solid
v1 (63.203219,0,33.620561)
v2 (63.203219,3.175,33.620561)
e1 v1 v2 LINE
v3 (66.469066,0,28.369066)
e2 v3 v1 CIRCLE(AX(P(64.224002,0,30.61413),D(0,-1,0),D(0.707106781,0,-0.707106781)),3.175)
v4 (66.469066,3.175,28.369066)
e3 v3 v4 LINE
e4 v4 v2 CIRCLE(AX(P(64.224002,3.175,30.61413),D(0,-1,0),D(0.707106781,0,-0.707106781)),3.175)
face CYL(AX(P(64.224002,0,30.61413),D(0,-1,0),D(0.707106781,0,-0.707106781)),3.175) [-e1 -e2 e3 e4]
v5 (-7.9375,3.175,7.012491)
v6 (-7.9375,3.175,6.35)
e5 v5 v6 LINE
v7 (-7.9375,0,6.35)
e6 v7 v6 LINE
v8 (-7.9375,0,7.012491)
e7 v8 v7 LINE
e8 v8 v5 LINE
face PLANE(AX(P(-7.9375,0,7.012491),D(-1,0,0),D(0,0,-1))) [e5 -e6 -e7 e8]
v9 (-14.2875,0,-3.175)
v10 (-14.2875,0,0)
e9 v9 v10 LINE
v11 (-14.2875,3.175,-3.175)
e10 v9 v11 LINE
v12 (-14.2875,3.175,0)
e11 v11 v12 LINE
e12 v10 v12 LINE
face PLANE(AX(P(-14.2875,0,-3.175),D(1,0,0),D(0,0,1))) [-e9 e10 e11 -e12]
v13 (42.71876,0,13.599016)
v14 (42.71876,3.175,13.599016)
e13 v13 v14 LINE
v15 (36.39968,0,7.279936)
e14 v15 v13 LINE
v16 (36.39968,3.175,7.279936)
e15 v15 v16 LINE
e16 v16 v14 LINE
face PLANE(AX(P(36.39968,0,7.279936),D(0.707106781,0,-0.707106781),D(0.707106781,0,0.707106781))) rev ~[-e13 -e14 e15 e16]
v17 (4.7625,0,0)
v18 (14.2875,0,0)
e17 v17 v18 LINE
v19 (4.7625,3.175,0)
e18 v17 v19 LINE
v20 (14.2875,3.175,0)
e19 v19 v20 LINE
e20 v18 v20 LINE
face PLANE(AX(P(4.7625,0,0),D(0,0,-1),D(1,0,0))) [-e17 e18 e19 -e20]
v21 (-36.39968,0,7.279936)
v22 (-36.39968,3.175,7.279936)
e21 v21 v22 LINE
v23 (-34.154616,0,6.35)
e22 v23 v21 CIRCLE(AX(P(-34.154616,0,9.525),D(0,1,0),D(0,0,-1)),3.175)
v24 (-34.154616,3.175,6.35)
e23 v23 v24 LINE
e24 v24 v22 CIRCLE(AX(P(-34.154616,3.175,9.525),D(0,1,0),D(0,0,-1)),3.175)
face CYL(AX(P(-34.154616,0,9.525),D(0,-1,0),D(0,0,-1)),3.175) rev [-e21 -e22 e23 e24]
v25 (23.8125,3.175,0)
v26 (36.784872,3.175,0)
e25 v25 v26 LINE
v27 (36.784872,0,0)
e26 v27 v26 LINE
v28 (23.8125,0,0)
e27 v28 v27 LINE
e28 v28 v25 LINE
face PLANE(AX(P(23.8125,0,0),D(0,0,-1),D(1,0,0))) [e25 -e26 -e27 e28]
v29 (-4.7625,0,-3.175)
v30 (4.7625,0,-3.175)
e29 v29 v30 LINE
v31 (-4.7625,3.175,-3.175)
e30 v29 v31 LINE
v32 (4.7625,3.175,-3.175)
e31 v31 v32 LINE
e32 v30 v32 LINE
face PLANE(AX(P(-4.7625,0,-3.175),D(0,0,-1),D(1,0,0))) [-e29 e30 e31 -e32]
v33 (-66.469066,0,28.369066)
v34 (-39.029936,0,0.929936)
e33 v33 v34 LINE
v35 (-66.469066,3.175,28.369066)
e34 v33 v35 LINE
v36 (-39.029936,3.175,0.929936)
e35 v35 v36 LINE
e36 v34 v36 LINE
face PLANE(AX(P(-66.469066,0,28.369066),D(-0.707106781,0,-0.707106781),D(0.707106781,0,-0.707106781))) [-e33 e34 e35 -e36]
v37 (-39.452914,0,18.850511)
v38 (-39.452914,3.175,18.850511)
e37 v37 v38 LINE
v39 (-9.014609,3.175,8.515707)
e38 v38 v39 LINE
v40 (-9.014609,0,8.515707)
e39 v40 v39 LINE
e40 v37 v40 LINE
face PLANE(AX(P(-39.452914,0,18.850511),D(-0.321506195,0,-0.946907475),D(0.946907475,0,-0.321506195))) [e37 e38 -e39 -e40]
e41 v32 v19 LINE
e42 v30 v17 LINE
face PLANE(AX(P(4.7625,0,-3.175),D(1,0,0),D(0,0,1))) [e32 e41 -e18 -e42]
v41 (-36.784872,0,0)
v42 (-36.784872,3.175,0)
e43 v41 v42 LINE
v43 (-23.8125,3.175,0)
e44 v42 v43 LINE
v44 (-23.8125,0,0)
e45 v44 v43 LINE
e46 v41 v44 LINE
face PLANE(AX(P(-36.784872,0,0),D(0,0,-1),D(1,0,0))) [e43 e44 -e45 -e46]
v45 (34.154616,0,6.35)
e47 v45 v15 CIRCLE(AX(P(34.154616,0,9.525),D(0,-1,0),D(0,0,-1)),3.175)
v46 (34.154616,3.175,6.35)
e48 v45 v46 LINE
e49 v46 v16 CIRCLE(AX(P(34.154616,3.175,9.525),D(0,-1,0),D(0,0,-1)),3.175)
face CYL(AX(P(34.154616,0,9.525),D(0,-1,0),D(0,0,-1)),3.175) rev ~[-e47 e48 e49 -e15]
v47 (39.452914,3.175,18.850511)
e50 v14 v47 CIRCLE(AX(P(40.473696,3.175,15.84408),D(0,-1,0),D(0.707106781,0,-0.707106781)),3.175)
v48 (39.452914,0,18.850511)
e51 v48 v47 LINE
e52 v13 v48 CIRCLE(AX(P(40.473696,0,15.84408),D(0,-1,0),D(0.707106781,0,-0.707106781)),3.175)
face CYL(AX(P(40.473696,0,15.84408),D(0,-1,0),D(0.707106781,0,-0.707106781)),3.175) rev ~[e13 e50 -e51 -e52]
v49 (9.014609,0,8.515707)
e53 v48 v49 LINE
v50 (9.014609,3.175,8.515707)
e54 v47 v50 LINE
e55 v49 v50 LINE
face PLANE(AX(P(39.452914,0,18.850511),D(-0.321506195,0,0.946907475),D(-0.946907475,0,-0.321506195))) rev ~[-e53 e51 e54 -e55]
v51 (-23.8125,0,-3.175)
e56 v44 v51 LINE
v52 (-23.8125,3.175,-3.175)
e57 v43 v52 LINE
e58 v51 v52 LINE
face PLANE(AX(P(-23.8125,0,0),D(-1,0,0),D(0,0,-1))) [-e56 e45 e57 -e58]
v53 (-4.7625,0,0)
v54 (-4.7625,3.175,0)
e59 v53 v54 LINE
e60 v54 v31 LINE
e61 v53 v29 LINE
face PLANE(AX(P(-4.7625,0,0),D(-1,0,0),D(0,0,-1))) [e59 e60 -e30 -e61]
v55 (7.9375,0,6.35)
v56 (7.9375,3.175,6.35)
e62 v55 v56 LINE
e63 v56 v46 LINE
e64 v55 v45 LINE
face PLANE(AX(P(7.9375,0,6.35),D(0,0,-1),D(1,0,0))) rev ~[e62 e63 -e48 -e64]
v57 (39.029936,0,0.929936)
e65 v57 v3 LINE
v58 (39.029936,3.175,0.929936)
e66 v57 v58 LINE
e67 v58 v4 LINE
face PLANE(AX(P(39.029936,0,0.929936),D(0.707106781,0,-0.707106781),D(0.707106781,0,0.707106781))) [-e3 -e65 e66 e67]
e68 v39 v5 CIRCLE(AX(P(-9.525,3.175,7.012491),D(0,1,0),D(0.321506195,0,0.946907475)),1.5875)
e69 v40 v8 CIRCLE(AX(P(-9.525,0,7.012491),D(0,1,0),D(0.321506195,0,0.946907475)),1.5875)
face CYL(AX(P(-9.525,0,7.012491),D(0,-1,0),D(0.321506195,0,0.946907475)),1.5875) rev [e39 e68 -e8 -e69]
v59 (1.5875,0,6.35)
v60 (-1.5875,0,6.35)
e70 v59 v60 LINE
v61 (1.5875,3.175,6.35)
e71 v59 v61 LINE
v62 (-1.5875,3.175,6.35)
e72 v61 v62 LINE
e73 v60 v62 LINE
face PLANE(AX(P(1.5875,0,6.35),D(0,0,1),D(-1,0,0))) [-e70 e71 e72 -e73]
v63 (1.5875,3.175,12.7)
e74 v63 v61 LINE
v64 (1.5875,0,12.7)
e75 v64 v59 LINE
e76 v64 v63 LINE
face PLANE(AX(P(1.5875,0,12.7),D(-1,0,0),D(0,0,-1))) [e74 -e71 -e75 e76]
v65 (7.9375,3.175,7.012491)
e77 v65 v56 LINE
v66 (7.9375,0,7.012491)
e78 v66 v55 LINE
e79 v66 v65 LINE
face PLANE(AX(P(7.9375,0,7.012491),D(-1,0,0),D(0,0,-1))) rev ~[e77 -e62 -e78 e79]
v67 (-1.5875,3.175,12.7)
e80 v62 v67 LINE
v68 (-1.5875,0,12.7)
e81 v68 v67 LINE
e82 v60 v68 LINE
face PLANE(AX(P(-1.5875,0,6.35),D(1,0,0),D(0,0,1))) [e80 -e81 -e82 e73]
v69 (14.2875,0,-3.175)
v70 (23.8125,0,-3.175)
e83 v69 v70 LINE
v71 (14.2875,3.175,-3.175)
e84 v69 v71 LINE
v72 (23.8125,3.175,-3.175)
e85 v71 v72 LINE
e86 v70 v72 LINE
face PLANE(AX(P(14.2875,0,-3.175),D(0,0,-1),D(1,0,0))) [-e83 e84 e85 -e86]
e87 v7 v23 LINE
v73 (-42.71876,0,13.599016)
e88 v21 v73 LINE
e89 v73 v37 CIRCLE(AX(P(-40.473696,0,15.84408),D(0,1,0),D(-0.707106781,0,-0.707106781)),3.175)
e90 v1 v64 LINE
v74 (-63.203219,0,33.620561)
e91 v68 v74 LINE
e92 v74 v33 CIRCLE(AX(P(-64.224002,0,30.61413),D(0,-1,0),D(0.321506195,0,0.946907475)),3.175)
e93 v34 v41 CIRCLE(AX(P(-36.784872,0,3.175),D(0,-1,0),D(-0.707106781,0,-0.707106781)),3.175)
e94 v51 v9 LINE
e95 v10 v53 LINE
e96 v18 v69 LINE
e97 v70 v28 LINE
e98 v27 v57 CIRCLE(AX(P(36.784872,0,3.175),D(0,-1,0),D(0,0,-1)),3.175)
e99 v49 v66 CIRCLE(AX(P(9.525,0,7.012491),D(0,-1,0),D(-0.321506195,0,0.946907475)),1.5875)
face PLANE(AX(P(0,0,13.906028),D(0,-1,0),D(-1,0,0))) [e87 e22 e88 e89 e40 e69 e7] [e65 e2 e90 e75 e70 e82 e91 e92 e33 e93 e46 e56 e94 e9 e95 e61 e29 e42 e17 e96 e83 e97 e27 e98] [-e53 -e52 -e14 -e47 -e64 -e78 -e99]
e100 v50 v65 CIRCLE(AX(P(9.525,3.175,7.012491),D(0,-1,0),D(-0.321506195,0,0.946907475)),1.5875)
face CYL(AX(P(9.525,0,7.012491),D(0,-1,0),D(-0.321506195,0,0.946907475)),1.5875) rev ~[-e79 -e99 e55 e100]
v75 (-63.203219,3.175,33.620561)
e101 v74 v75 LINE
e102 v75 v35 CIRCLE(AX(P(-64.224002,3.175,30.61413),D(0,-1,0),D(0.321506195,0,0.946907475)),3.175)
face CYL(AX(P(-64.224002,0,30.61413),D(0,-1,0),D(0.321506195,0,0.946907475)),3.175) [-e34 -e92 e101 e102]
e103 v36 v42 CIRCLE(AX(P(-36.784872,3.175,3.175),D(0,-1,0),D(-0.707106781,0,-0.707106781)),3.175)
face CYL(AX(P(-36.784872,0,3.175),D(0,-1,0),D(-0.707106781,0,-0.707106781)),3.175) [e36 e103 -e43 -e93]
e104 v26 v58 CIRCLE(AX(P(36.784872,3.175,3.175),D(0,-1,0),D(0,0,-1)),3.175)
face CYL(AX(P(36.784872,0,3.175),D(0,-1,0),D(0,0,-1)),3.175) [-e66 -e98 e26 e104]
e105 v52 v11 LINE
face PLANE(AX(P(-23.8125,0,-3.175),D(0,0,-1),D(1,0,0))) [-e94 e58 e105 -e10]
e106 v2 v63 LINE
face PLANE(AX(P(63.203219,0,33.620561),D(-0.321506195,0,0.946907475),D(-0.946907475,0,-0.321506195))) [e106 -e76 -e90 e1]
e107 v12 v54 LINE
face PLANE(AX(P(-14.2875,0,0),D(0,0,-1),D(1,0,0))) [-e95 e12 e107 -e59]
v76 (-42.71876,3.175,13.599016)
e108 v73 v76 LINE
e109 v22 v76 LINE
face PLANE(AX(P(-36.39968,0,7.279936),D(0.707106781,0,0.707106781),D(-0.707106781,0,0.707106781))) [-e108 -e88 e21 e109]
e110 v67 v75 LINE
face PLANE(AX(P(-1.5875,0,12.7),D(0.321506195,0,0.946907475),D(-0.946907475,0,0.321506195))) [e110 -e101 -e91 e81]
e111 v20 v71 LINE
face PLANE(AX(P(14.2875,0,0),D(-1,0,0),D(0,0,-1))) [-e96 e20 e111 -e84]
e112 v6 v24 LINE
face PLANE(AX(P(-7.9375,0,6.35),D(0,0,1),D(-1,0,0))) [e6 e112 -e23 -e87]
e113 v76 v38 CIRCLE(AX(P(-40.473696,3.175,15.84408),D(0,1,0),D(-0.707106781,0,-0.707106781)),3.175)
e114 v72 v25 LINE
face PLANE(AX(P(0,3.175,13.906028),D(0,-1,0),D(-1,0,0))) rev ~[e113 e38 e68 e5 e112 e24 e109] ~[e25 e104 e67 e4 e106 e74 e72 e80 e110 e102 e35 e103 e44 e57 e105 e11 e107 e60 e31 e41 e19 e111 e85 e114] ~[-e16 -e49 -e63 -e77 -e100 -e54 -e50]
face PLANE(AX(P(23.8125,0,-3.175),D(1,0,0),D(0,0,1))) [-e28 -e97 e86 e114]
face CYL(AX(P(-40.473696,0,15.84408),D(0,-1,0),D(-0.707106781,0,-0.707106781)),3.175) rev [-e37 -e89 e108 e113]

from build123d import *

# Parameters (mm, degrees)
BOSS_EXTRUDE1_DEPTH = 3.175


with BuildPart() as part:
    # Sketch1 → Boss-Extrude1 (new body)
    with BuildSketch(Plane(origin=(0, 0, 0), x_dir=(1, 0, 0), z_dir=(0, 1, 0))):
        with BuildLine():
            Line((-36.784871939, 0), (-23.8125, 0))
            Line((-23.8125, 0), (-23.8125, 3.175))
            Line((-23.8125, 3.175), (-14.2875, 3.175))
            Line((-14.2875, 3.175), (-14.2875, 0))
            Line((-14.2875, 0), (-4.7625, 0))
            Line((-4.7625, 0), (-4.7625, 3.175))
            Line((-4.7625, 3.175), (4.7625, 3.175))
            Line((4.7625, 3.175), (4.7625, 0))
            Line((4.7625, 0), (14.2875, 0))
            Line((14.2875, 0), (14.2875, 3.175))
            Line((14.2875, 3.175), (23.8125, 3.175))
            Line((23.8125, 3.175), (23.8125, 0))
            Line((23.8125, 0), (36.784871939, 0))
            ThreePointArc((36.784871939, 0), (37.999891837, -0.241682484), (39.02993597, -0.92993597))
            Line((39.02993597, -0.92993597), (66.469065694, -28.369065694))
            ThreePointArc((66.469065694, -28.369065694), (66.920159512, -32.290840151), (63.203219493, -33.620560958))
            Line((63.203219493, -33.620560958), (1.5875, -12.7))
            Line((1.5875, -12.7), (1.5875, -6.35))
            Line((1.5875, -6.35), (-1.5875, -6.35))
            Line((-1.5875, -6.35), (-1.5875, -12.7))
            Line((-1.5875, -12.7), (-63.203219493, -33.620560958))
            ThreePointArc((-63.203219493, -33.620560958), (-66.920159512, -32.290840151), (-66.469065694, -28.369065694))
            Line((-66.469065694, -28.369065694), (-39.02993597, -0.92993597))
            ThreePointArc((-39.02993597, -0.92993597), (-37.999891837, -0.241682484), (-36.784871939, 0))
        make_face()
        with BuildLine():
            Line((-39.452913677, -18.850511262), (-9.014608915, -8.515706841))
            ThreePointArc((-9.014608915, -8.515706841), (-8.234573307, -7.9371291), (-7.9375, -7.012491225))
            Line((-7.9375, -7.012491225), (-7.9375, -6.35))
            Line((-7.9375, -6.35), (-34.154615818, -6.35))
            ThreePointArc((-34.154615818, -6.35), (-35.369635716, -6.591682484), (-36.399679849, -7.27993597))
            Line((-36.399679849, -7.27993597), (-42.718759878, -13.599015999))
            ThreePointArc((-42.718759878, -13.599015999), (-43.169853696, -17.520790456), (-39.452913677, -18.850511262))
        make_face(mode=Mode.SUBTRACT)
        with BuildLine():
            Line((39.452913677, -18.850511262), (9.014608915, -8.515706841))
            ThreePointArc((9.014608915, -8.515706841), (8.234573307, -7.9371291), (7.9375, -7.012491225))
            Line((7.9375, -7.012491225), (7.9375, -6.35))
            Line((7.9375, -6.35), (34.154615818, -6.35))
            ThreePointArc((34.154615818, -6.35), (35.369635716, -6.591682484), (36.399679849, -7.27993597))
            Line((36.399679849, -7.27993597), (42.718759878, -13.599015999))
            ThreePointArc((42.718759878, -13.599015999), (43.169853696, -17.520790456), (39.452913677, -18.850511262))
        make_face(mode=Mode.SUBTRACT)
    extrude(amount=BOSS_EXTRUDE1_DEPTH)


solid = part.part
